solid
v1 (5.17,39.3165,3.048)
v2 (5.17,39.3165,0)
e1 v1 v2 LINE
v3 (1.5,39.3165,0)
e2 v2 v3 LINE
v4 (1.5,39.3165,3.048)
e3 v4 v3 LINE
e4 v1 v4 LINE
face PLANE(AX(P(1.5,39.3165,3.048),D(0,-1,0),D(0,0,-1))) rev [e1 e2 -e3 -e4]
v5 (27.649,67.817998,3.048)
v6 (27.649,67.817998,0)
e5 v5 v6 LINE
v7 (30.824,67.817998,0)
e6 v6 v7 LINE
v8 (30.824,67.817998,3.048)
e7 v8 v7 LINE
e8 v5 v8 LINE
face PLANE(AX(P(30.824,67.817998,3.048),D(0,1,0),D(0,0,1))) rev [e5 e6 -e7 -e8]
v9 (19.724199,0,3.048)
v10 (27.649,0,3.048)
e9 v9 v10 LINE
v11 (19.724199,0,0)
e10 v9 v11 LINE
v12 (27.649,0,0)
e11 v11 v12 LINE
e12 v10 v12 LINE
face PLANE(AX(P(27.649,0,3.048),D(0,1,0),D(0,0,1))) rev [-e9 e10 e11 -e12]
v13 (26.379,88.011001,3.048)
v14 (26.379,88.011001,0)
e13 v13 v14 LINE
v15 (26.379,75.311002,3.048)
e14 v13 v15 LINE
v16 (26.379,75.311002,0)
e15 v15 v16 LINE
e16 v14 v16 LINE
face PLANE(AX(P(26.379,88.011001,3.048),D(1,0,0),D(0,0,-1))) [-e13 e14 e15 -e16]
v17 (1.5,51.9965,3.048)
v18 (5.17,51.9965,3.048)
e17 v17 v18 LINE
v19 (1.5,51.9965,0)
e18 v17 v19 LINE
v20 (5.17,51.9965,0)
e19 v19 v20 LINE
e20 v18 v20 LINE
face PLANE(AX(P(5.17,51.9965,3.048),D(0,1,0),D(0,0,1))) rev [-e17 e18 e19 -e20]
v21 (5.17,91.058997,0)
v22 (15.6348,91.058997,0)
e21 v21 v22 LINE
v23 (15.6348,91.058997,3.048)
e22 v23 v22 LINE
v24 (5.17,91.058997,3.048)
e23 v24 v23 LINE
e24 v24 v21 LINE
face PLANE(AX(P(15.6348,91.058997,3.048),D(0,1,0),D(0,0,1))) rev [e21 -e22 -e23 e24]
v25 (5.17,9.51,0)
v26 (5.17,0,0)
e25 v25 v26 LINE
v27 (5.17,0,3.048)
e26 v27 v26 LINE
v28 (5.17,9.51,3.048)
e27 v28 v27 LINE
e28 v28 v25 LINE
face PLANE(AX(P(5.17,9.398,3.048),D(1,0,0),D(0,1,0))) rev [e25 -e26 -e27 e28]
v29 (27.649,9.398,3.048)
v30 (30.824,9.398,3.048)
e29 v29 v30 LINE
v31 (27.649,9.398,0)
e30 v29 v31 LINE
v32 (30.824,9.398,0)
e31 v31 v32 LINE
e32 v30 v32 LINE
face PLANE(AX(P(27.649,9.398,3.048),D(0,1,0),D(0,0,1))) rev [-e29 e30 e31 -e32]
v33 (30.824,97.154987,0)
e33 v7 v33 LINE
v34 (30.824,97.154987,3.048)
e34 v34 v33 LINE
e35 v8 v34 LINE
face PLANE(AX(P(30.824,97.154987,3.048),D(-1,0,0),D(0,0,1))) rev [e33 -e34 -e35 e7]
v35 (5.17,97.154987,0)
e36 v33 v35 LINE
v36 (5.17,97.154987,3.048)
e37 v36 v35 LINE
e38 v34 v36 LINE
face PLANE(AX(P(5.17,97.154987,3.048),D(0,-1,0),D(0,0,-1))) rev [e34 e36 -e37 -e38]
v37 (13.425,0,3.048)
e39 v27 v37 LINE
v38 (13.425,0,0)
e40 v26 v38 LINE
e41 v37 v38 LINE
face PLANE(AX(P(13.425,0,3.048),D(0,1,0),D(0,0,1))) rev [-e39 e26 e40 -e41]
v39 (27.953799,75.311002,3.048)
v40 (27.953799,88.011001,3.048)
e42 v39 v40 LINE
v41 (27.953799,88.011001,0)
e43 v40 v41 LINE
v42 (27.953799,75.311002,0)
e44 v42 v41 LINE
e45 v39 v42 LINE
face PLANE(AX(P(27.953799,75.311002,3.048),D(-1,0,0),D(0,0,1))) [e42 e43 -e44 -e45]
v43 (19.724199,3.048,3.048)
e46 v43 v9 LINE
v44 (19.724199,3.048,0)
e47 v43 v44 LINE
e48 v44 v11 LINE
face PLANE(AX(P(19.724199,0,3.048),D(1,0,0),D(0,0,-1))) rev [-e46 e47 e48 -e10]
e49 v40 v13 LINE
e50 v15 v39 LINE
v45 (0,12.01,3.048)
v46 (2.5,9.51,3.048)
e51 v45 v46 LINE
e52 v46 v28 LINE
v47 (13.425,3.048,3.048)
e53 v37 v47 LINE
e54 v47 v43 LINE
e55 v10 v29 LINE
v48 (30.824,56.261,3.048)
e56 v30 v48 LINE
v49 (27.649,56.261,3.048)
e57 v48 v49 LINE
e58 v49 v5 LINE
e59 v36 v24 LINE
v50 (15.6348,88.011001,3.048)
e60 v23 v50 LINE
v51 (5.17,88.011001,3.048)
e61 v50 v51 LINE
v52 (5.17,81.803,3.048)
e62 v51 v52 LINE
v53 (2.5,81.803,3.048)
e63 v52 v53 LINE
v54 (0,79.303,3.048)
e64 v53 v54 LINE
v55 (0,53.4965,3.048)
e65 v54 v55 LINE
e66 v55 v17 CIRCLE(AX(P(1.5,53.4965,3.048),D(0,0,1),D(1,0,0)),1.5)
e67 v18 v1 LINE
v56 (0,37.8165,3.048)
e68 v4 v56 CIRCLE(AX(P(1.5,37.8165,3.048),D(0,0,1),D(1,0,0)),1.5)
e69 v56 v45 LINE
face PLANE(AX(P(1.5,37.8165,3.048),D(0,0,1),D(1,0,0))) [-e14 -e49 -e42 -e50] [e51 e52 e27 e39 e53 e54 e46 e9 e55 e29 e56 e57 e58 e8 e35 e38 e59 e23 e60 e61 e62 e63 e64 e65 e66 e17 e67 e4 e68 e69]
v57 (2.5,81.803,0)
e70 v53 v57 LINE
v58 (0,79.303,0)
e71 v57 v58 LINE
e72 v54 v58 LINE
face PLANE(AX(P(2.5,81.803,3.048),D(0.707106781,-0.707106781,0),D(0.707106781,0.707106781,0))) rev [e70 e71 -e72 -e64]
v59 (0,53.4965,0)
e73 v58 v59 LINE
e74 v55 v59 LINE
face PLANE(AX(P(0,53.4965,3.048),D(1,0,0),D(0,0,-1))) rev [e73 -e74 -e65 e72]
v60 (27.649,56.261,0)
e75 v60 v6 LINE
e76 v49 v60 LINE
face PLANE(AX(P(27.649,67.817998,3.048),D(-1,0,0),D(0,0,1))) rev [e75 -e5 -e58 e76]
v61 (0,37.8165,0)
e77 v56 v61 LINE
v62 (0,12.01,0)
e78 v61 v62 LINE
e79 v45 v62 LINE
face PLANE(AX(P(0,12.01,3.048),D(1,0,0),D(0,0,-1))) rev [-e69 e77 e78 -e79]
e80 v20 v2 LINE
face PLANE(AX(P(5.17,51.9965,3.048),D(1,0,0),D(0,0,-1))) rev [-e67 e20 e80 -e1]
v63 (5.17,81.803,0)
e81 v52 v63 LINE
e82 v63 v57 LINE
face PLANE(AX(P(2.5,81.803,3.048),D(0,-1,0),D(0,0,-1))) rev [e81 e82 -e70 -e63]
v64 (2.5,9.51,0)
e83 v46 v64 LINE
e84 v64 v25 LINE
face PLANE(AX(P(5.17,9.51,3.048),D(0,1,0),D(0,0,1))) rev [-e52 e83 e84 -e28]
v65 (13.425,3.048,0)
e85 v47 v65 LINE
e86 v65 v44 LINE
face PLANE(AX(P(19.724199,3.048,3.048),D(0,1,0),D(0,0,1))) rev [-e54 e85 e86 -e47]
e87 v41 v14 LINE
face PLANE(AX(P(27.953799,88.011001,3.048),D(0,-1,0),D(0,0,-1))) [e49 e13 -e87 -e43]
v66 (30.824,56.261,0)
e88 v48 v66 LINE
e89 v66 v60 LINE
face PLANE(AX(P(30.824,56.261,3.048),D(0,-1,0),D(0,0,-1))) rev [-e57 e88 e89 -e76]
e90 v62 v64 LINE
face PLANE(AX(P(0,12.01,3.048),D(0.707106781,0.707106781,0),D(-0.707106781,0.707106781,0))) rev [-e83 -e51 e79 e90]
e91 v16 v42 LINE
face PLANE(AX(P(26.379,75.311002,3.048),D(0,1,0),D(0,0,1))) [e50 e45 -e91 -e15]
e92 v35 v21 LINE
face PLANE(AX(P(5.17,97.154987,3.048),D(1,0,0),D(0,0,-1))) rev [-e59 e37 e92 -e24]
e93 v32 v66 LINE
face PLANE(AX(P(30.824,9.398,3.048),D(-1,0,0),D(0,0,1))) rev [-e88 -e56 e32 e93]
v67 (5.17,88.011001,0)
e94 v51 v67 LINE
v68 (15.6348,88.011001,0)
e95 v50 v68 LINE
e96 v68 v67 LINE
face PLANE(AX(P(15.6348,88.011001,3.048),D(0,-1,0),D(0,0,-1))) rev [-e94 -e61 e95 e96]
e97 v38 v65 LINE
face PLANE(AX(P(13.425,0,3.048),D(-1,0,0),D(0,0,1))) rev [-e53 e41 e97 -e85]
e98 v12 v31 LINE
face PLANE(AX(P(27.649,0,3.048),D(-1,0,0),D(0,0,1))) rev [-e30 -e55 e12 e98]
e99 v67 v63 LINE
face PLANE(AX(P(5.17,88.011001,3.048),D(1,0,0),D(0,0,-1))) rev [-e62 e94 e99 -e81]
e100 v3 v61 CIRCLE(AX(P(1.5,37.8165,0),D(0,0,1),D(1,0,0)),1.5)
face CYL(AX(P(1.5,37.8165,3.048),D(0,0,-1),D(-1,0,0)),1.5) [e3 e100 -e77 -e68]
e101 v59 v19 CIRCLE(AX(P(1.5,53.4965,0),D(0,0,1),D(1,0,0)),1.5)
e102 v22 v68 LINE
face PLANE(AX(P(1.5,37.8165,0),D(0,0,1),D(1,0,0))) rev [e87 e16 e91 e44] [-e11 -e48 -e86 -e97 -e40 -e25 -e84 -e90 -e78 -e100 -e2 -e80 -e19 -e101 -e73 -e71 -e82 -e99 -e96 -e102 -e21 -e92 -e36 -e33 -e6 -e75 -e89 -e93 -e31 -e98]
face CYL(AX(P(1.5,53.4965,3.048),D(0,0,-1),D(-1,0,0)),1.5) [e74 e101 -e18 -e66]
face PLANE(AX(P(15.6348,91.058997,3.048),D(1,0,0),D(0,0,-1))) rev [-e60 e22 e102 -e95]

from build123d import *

# Parameters (mm, degrees)
MODEL_W             = 1.574799418
MODEL_H             = 12.699998915
BOSS_EXTRUDE1_DEPTH = 3.048


with BuildPart() as part:
    # Model → Boss-Extrude1 (new body)
    with BuildSketch(Plane.XY):
        with BuildLine():
            Line((15.63479994, 91.058996506), (5.17, 91.058996506))
            Line((5.17, 91.058996506), (5.17, 97.154987045))
            Line((5.17, 97.154987045), (30.823999648, 97.154987045))
            Line((30.823999648, 97.154987045), (30.823999648, 67.817998119))
            Line((30.823999648, 67.817998119), (27.648999919, 67.817998119))
            Line((27.648999919, 67.817998119), (27.648999919, 56.261000223))
            Line((27.648999919, 56.261000223), (30.823999648, 56.261000223))
            Line((30.823999648, 56.261000223), (30.823999648, 9.397999849))
            Line((30.823999648, 9.397999849), (27.648999919, 9.397999849))
            Line((27.648999919, 9.397999849), (27.648999919, 0))
            Line((27.648999919, 0), (19.724199181, 0))
            Line((19.724199181, 0), (19.724199181, 3.047999926))
            Line((19.724199181, 3.047999926), (13.424999644, 3.047999926))
            Line((13.424999644, 3.047999926), (13.424999644, 0))
            Line((13.424999644, 0), (5.17, 0))
            Line((5.17, 0), (5.17, 9.397999849))
            Line((5.17, 9.397999849), (5.17, 9.51))
            Line((5.17, 9.51), (2.5, 9.51))
            Line((2.5, 9.51), (0, 12.01))
            Line((0, 12.01), (0, 37.8165))
            ThreePointArc((0, 37.8165), (0.439339828, 38.877160172), (1.5, 39.3165))
            Line((1.5, 39.3165), (5.17, 39.3165))
            Line((5.17, 39.3165), (5.17, 51.9965))
            Line((5.17, 51.9965), (1.5, 51.9965))
            ThreePointArc((1.5, 51.9965), (0.439339828, 52.435839828), (0, 53.4965))
            Line((0, 53.4965), (0, 79.303))
            Line((0, 79.303), (2.5, 81.803))
            Line((2.5, 81.803), (5.17, 81.803))
            Line((5.17, 81.803), (5.17, 88.011001237))
            Line((5.17, 88.011001237), (15.63479994, 88.011001237))
            Line((15.63479994, 88.011001237), (15.63479994, 91.058996506))
        make_face()
        with Locations((27.166399737, 81.661001779)):
            Rectangle(MODEL_W, MODEL_H, mode=Mode.SUBTRACT)
    extrude(amount=BOSS_EXTRUDE1_DEPTH)


solid = part.part
